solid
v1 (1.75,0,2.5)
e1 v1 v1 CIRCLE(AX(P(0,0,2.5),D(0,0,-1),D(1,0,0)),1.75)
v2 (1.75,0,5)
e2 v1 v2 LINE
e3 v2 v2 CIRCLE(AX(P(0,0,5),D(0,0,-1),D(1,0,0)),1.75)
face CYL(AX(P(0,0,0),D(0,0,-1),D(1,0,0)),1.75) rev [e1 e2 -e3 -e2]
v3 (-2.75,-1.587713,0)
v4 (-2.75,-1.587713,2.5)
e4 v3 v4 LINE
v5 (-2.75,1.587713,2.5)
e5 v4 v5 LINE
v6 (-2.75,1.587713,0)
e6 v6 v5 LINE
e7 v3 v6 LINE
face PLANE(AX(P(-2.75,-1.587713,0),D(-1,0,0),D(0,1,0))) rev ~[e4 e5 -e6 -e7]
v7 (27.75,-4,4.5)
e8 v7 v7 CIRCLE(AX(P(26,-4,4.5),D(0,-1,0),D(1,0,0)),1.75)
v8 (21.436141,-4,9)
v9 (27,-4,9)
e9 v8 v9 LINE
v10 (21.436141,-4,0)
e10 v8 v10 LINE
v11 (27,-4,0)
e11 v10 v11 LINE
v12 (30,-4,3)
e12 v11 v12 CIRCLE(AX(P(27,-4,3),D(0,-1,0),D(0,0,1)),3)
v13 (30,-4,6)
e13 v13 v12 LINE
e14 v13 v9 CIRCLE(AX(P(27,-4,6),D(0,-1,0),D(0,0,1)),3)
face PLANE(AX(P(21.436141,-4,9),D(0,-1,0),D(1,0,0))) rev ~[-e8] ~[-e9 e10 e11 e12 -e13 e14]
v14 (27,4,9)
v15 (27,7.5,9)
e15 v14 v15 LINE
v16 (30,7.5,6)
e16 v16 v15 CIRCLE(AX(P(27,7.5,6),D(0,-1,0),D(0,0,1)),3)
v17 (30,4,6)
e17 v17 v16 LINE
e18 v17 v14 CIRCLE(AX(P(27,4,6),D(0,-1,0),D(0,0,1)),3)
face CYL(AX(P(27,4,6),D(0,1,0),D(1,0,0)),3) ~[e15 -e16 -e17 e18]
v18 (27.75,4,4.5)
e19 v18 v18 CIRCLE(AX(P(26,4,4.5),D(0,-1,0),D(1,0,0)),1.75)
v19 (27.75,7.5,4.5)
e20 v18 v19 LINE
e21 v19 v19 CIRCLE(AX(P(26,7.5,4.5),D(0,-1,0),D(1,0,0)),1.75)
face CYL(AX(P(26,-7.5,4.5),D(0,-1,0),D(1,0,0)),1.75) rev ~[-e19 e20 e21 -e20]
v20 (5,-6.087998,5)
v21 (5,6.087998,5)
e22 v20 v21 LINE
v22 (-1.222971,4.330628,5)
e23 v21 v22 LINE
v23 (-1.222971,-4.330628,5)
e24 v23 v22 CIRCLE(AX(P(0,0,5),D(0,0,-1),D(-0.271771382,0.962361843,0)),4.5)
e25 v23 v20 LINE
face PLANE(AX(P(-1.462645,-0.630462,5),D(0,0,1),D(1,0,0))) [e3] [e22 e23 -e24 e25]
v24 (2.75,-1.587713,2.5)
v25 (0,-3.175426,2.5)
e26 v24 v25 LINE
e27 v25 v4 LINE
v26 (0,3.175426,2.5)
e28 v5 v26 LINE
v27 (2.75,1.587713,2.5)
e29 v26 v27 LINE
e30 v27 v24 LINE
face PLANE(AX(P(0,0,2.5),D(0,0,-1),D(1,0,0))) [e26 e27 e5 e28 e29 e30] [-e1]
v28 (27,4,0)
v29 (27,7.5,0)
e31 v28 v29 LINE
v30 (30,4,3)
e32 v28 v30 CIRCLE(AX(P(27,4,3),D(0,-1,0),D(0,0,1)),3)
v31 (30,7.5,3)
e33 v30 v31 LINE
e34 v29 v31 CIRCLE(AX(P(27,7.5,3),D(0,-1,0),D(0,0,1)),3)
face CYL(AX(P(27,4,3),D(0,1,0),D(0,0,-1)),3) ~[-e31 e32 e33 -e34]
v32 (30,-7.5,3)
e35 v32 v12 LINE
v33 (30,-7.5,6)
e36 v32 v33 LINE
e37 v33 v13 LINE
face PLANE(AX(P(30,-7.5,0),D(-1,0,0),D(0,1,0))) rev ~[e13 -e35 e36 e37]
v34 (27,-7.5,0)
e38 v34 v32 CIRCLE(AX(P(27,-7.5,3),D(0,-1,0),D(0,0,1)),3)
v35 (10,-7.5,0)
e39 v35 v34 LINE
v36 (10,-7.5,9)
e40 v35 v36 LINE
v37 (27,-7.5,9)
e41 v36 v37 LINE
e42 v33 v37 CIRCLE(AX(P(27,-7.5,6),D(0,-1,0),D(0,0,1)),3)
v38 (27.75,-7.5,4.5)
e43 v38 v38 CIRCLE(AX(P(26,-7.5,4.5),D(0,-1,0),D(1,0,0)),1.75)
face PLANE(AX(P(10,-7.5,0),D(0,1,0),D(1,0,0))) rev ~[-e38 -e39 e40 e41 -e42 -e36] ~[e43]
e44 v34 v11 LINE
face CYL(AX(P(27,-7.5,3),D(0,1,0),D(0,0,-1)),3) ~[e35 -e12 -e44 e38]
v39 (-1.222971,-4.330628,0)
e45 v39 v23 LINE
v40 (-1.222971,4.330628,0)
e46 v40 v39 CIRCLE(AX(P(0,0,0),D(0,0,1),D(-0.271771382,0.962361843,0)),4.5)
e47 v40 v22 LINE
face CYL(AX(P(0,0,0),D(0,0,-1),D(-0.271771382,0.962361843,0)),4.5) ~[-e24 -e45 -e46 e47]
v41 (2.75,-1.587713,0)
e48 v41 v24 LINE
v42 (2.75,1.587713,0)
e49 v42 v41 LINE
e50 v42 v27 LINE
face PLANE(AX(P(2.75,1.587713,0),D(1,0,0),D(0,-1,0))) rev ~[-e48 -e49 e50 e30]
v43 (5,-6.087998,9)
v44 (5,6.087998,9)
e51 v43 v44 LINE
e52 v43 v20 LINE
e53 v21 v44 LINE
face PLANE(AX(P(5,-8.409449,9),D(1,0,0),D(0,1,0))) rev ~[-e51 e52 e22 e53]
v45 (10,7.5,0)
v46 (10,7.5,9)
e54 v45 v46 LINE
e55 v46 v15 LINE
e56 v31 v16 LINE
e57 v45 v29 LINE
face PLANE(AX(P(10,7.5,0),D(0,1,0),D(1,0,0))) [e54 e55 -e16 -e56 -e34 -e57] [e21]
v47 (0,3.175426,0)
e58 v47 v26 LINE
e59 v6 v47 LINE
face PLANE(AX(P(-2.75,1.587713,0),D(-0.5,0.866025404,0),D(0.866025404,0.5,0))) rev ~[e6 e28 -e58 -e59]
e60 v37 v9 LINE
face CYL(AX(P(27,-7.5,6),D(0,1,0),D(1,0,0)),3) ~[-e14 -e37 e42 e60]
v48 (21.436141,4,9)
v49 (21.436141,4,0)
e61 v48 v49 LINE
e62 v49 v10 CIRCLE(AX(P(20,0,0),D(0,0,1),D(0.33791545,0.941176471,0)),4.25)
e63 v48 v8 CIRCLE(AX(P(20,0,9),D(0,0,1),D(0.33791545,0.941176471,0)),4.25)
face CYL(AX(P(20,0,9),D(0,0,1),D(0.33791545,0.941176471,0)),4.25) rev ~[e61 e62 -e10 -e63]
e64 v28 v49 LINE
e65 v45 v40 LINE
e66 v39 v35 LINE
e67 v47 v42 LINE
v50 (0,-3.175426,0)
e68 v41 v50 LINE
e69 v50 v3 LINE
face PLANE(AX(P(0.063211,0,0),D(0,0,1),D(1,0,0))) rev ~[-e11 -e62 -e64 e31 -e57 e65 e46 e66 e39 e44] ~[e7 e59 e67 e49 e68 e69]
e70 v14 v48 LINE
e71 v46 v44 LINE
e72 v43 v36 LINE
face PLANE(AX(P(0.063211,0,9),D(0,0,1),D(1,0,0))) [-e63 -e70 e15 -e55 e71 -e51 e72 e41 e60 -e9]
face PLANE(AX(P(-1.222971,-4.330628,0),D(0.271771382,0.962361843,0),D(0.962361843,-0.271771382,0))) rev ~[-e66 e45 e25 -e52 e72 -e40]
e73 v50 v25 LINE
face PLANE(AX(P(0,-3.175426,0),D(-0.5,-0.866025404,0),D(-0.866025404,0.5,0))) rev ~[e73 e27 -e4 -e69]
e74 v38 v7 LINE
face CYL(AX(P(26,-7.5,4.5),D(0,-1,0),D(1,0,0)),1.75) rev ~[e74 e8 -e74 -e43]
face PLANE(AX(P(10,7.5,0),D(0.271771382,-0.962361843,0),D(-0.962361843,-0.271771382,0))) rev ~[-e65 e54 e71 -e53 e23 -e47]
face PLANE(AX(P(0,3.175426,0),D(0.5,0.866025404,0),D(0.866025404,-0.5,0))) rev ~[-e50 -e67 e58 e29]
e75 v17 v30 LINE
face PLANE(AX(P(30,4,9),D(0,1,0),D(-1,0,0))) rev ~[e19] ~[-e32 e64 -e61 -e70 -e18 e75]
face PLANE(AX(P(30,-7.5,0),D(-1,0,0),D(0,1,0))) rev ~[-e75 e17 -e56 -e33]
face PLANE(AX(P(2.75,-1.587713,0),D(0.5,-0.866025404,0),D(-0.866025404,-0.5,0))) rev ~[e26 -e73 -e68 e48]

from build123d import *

# Parameters (mm, degrees)
F0_R     = 1.75
F0_W     = 20
F0_H     = 15
F1_DEPTH = 9
F2_W     = 12.9252894117
F2_H     = 15.5579744821
F3_DEPTH = 4
F5_DEPTH = 2.5
F7_DEPTH = 25
F8_R     = 1.75
F9_DEPTH = 25
F10_R    = 3


with BuildPart() as f1:
    # F0 (on Top) → F1 (new body)
    with BuildSketch(Plane.XY):
        with BuildLine():
            ThreePointArc((-1.2229712186, -4.3306282914), (2.7153848269, -3.5884098486), (4.5, 0))
            ThreePointArc((4.5, 0), (2.7153848269, 3.5884098486), (-1.2229712186, 4.3306282914))
            ThreePointArc((-1.2229712186, 4.3306282914), (-4.5, 0), (-1.2229712186, -4.3306282914))
        make_face()
        Circle(F0_R, mode=Mode.SUBTRACT)
        with BuildLine():
            ThreePointArc((-1.2229712186, 4.3306282914), (2.7153848269, 3.5884098486), (4.5, 0))
            ThreePointArc((4.5, 0), (2.7153848269, -3.5884098486), (-1.2229712186, -4.3306282914))
            Line((-1.2229712186, -4.3306282914), (10, -7.5))
            Line((10, -7.5), (10, 7.5))
            Line((10, 7.5), (-1.2229712186, 4.3306282914))
        make_face()
        with Locations((20, 0)):
            Rectangle(F0_W, F0_H)
    extrude(amount=F1_DEPTH)

    # F2 (on face) → F3 (cut)
    with BuildSketch(Plane.XY.offset(9)):
        with Locations((-1.4626447058, -0.6304618437)):
            Rectangle(F2_W, F2_H)
    extrude(amount=-F3_DEPTH, mode=Mode.SUBTRACT)

    # F4 (on face) → F5 (cut)
    with BuildSketch(Plane(origin=(0, 0, 0), x_dir=(1, 0, 0), z_dir=(0, 0, -1))):
        Polygon((2.75, -1.5877132403), (2.75, 1.5877132403), (0, 3.1754264805), (-2.75, 1.5877132403), (-2.75, -1.5877132403), (0, -3.1754264805), align=None)
    extrude(amount=-F5_DEPTH, mode=Mode.SUBTRACT)

    # F6 (on face) → F7 (cut)
    with BuildSketch(Plane.XY.offset(9)):
        with BuildLine():
            ThreePointArc((21.4361406616, -4), (23.4760680238, -2.4452916174), (24.25, 0))
            ThreePointArc((24.25, 0), (23.4760680238, 2.4452916174), (21.4361406616, 4))
            Line((21.4361406616, 4), (21.4361406616, -4))
        make_face()
        with BuildLine():
            ThreePointArc((21.4361406616, 4), (23.4760680238, 2.4452916174), (24.25, 0))
            ThreePointArc((24.25, 0), (23.4760680238, -2.4452916174), (21.4361406616, -4))
            Line((21.4361406616, -4), (30, -4))
            Line((30, -4), (30, 4))
            Line((30, 4), (21.4361406616, 4))
        make_face()
        with BuildLine():
            Line((21.4361406616, -4), (21.4361406616, 4))
            ThreePointArc((21.4361406616, 4), (15.75, 0), (21.4361406616, -4))
        make_face()
    extrude(amount=-F7_DEPTH, mode=Mode.SUBTRACT)

    # F8 (on face) → F9 (cut)
    with BuildSketch(Plane.XZ.offset(7.5)):
        with Locations((26, 4.5)):
            Circle(F8_R)
    extrude(amount=-F9_DEPTH, mode=Mode.SUBTRACT)

    # F10
    f10_edges = [f1.edges().sort_by_distance(p)[0] for p in [
        (30, -5.75, 9),
        (30, 5.75, 9),
        (30, -5.75, 0),
        (30, 5.75, 0),
    ]]
    fillet(f10_edges, radius=F10_R)


solid = f1.part
